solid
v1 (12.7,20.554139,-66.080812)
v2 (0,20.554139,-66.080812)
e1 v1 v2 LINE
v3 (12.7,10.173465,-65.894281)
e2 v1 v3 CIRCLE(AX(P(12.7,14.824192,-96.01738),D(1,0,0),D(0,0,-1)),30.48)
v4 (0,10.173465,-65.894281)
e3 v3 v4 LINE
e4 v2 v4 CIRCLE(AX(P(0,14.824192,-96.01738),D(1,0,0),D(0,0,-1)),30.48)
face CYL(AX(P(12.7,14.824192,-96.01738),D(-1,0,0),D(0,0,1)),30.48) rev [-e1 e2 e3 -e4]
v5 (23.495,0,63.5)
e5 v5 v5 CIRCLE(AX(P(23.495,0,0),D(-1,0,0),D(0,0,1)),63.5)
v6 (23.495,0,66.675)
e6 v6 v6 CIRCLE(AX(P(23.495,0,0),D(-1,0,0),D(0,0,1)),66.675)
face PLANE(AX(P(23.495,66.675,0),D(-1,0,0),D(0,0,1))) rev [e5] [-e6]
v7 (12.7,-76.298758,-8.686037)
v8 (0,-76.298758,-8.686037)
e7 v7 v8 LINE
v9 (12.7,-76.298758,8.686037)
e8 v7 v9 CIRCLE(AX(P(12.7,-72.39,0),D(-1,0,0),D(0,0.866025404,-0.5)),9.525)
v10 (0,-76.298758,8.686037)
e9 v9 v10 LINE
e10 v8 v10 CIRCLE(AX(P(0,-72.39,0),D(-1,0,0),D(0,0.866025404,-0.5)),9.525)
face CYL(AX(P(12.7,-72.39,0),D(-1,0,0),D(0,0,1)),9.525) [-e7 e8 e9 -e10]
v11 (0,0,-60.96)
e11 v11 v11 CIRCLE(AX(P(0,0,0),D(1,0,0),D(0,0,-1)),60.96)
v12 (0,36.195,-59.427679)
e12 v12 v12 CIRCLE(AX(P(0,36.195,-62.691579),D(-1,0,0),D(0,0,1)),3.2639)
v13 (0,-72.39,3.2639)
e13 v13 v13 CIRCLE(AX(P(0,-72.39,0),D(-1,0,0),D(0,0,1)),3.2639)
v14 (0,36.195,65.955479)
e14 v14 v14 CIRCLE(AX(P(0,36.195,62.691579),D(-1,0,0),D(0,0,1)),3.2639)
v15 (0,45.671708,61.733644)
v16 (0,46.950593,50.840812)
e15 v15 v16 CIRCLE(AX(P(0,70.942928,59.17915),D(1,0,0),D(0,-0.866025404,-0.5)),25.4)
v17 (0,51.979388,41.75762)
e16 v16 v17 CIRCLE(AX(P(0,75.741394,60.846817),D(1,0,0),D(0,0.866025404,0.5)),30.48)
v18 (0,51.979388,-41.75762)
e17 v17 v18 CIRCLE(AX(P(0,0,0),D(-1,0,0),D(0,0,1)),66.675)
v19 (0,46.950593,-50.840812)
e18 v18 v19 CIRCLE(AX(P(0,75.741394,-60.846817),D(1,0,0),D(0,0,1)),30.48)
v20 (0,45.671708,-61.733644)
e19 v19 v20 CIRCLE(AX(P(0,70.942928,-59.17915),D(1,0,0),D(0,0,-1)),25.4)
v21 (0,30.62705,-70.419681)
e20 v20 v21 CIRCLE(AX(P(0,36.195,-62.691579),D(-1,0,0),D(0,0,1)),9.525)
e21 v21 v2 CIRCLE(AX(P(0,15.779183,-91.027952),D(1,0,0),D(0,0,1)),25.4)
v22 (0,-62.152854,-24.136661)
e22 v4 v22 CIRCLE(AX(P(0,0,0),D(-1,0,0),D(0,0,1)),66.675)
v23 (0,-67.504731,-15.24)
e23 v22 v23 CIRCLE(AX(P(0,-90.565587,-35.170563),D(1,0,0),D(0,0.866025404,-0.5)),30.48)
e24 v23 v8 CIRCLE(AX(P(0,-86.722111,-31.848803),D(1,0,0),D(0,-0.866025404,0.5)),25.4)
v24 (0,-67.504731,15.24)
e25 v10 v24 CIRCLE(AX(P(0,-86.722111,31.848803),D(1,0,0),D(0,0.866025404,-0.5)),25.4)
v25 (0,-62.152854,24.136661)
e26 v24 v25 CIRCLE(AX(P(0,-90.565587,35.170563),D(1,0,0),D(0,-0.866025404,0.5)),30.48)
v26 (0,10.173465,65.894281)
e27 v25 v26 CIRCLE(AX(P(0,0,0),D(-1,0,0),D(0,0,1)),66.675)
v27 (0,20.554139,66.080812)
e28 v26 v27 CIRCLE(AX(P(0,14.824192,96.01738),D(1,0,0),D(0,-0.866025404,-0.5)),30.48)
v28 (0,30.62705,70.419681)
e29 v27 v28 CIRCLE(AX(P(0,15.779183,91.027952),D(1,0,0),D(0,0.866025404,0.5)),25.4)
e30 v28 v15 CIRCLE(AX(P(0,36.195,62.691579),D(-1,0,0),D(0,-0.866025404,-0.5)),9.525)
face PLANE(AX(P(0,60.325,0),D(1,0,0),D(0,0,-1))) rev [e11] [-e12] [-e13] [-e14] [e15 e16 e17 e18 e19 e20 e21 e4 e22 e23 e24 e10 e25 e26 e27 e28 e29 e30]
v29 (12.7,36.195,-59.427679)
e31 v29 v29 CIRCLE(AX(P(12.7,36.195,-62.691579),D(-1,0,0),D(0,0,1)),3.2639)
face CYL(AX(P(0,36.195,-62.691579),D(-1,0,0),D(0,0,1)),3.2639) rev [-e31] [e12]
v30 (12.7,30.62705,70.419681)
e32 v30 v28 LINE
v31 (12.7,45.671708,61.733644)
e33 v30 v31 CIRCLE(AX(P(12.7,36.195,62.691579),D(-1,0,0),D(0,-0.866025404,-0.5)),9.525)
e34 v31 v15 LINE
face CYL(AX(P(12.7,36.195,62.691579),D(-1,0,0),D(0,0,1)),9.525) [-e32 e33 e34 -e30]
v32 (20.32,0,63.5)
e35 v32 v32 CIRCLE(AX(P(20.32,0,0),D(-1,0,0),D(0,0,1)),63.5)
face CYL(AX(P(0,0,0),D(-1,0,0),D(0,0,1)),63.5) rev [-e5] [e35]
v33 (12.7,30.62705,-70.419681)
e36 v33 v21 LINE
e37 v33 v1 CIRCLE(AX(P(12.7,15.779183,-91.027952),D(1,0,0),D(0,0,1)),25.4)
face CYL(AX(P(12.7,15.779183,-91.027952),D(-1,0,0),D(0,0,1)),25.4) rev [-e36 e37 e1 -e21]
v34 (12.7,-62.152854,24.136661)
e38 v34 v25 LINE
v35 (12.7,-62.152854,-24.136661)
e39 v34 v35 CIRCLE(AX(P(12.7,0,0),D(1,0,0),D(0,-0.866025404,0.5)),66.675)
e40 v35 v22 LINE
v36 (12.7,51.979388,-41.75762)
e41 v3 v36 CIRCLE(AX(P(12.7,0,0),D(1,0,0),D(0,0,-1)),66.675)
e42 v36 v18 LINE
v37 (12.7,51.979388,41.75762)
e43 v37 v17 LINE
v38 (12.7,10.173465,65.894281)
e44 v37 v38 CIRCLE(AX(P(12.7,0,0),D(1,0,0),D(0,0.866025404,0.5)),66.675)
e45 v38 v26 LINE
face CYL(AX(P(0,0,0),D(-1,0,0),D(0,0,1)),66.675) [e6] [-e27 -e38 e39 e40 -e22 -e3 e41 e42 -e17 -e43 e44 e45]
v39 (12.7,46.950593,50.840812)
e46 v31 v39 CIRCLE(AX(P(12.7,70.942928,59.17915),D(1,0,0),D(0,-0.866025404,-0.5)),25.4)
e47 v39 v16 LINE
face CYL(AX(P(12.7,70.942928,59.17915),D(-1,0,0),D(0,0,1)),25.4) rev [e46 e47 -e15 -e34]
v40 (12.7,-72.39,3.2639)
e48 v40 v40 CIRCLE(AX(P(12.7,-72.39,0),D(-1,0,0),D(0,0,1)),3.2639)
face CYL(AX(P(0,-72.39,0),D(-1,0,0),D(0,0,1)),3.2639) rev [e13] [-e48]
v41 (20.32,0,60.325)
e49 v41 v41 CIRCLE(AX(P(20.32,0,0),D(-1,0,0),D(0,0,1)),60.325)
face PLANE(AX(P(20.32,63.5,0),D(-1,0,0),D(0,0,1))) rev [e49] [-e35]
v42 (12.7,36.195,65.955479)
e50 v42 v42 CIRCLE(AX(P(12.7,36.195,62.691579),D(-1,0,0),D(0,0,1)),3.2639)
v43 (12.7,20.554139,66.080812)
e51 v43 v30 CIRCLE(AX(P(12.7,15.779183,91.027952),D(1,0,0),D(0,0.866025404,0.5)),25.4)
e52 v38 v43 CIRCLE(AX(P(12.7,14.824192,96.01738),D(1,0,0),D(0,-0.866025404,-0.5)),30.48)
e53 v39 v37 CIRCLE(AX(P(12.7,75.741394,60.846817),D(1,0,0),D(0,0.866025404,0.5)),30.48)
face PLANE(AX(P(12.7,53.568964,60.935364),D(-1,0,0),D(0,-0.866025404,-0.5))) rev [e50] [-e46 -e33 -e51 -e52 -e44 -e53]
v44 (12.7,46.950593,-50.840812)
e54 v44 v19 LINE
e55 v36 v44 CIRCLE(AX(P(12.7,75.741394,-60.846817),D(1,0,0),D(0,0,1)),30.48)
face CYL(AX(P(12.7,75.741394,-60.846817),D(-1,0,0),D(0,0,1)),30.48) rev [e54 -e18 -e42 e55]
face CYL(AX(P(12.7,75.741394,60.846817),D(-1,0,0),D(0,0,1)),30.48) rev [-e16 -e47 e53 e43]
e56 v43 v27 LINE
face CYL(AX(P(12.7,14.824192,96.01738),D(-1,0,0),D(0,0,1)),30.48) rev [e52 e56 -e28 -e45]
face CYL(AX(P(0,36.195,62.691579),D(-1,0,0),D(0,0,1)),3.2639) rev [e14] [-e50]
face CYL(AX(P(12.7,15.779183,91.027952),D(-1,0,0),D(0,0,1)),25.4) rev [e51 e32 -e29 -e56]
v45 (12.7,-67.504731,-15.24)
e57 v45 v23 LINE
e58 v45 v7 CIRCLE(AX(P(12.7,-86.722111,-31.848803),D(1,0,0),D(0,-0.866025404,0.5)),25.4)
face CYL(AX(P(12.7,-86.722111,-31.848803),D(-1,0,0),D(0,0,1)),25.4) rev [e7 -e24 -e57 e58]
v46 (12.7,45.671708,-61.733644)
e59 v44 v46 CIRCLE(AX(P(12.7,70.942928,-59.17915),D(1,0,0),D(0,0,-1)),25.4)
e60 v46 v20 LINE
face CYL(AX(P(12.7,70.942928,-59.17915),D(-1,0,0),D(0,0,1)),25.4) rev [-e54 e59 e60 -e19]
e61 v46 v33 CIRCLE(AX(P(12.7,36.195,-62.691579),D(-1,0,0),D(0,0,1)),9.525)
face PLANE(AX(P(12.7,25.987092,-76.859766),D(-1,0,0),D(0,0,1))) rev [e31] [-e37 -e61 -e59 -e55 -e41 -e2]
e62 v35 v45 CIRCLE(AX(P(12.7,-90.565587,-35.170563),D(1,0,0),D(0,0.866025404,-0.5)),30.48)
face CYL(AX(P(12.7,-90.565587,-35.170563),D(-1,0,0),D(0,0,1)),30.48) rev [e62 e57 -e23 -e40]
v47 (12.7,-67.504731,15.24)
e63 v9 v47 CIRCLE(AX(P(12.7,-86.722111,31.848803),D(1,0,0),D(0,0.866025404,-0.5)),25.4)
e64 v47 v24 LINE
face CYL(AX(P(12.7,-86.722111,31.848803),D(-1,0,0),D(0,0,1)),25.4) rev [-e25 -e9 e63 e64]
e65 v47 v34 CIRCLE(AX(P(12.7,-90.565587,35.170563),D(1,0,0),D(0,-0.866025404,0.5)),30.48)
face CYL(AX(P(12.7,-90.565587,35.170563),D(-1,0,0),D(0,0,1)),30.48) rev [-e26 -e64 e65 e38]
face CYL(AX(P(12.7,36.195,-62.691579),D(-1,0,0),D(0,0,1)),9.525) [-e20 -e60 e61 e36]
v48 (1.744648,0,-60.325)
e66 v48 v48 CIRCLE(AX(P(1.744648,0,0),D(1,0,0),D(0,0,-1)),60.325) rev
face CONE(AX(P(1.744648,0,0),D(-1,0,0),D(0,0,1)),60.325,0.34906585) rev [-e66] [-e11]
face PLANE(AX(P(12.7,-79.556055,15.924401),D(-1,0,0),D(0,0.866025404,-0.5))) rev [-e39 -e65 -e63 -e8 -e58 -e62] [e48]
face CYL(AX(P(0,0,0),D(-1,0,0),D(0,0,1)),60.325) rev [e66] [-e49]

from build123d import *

# Parameters (mm, degrees)
BOSS_EXTRUDE1_DEPTH     = 12.7
F_1_4_CLEARANCE_HOLE1_D = 6.5278
CIRPATTERN1_COUNT       = 3
CHAMFER1_SIZE2          = 1.744648161
CHAMFER1_SIZE           = 0.635


with BuildPart() as part:
    # Sketch1 → Revolve1 (revolve)
    with BuildSketch(Plane.XY):
        Polygon((0, 66.675), (23.495, 66.675), (23.495, 63.5), (20.32, 63.5), (20.32, 60.325), (0, 60.325), align=None)
    revolve(axis=Axis((0, 0, 0), (1, 0, 0)))

    # Sketch5 → Boss-Extrude1 (add)
    with BuildSketch(Plane.ZY):
        with BuildLine():
            ThreePointArc((-61.733643772, 45.671707505), (-70.940470951, 40.9575), (-70.41968082, 30.627050022))
            ThreePointArc((-70.41968082, 30.627050022), (-67.700076965, 25.827577718), (-66.080812198, 20.554138506))
            ThreePointArc((-66.080812198, 20.554138506), (-65.542300069, 15.371802621), (-65.894280688, 10.17346537))
            ThreePointArc((-65.894280688, 10.17346537), (-57.742243797, 33.3375), (-41.757619799, 51.979388355))
            ThreePointArc((-41.757619799, 51.979388355), (-46.083521606, 49.075395572), (-50.840812198, 46.950592813))
            ThreePointArc((-50.840812198, 46.950592813), (-56.217376905, 45.716197631), (-61.733643772, 45.671707505))
        make_face()
    boss_extrude1 = extrude(amount=-BOSS_EXTRUDE1_DEPTH)

    # 1/4 Clearance Hole1 (through all)
    with Locations(Plane.ZY):
        with Locations((-62.69157898, 36.195)):
            f_1_4_clearance_hole1 = Hole(F_1_4_CLEARANCE_HOLE1_D / 2)

    # CirPattern1: Boss-Extrude1, 1/4 Clearance Hole1 ×3 about axis
    cirpattern1_axis = Axis((0, 0, 0), (1, 0, 0))
    for i in range(1, CIRPATTERN1_COUNT):
        add(boss_extrude1.rotate(cirpattern1_axis, i * 360 / CIRPATTERN1_COUNT))
        add(f_1_4_clearance_hole1.rotate(cirpattern1_axis, i * 360 / CIRPATTERN1_COUNT), mode=Mode.SUBTRACT)

    # Chamfer1
    chamfer1_edges = [part.edges().sort_by_distance(p)[0] for p in [
        (0, -60.325, 0),
    ]]
    chamfer(chamfer1_edges, length=CHAMFER1_SIZE, length2=CHAMFER1_SIZE2)


solid = part.part
